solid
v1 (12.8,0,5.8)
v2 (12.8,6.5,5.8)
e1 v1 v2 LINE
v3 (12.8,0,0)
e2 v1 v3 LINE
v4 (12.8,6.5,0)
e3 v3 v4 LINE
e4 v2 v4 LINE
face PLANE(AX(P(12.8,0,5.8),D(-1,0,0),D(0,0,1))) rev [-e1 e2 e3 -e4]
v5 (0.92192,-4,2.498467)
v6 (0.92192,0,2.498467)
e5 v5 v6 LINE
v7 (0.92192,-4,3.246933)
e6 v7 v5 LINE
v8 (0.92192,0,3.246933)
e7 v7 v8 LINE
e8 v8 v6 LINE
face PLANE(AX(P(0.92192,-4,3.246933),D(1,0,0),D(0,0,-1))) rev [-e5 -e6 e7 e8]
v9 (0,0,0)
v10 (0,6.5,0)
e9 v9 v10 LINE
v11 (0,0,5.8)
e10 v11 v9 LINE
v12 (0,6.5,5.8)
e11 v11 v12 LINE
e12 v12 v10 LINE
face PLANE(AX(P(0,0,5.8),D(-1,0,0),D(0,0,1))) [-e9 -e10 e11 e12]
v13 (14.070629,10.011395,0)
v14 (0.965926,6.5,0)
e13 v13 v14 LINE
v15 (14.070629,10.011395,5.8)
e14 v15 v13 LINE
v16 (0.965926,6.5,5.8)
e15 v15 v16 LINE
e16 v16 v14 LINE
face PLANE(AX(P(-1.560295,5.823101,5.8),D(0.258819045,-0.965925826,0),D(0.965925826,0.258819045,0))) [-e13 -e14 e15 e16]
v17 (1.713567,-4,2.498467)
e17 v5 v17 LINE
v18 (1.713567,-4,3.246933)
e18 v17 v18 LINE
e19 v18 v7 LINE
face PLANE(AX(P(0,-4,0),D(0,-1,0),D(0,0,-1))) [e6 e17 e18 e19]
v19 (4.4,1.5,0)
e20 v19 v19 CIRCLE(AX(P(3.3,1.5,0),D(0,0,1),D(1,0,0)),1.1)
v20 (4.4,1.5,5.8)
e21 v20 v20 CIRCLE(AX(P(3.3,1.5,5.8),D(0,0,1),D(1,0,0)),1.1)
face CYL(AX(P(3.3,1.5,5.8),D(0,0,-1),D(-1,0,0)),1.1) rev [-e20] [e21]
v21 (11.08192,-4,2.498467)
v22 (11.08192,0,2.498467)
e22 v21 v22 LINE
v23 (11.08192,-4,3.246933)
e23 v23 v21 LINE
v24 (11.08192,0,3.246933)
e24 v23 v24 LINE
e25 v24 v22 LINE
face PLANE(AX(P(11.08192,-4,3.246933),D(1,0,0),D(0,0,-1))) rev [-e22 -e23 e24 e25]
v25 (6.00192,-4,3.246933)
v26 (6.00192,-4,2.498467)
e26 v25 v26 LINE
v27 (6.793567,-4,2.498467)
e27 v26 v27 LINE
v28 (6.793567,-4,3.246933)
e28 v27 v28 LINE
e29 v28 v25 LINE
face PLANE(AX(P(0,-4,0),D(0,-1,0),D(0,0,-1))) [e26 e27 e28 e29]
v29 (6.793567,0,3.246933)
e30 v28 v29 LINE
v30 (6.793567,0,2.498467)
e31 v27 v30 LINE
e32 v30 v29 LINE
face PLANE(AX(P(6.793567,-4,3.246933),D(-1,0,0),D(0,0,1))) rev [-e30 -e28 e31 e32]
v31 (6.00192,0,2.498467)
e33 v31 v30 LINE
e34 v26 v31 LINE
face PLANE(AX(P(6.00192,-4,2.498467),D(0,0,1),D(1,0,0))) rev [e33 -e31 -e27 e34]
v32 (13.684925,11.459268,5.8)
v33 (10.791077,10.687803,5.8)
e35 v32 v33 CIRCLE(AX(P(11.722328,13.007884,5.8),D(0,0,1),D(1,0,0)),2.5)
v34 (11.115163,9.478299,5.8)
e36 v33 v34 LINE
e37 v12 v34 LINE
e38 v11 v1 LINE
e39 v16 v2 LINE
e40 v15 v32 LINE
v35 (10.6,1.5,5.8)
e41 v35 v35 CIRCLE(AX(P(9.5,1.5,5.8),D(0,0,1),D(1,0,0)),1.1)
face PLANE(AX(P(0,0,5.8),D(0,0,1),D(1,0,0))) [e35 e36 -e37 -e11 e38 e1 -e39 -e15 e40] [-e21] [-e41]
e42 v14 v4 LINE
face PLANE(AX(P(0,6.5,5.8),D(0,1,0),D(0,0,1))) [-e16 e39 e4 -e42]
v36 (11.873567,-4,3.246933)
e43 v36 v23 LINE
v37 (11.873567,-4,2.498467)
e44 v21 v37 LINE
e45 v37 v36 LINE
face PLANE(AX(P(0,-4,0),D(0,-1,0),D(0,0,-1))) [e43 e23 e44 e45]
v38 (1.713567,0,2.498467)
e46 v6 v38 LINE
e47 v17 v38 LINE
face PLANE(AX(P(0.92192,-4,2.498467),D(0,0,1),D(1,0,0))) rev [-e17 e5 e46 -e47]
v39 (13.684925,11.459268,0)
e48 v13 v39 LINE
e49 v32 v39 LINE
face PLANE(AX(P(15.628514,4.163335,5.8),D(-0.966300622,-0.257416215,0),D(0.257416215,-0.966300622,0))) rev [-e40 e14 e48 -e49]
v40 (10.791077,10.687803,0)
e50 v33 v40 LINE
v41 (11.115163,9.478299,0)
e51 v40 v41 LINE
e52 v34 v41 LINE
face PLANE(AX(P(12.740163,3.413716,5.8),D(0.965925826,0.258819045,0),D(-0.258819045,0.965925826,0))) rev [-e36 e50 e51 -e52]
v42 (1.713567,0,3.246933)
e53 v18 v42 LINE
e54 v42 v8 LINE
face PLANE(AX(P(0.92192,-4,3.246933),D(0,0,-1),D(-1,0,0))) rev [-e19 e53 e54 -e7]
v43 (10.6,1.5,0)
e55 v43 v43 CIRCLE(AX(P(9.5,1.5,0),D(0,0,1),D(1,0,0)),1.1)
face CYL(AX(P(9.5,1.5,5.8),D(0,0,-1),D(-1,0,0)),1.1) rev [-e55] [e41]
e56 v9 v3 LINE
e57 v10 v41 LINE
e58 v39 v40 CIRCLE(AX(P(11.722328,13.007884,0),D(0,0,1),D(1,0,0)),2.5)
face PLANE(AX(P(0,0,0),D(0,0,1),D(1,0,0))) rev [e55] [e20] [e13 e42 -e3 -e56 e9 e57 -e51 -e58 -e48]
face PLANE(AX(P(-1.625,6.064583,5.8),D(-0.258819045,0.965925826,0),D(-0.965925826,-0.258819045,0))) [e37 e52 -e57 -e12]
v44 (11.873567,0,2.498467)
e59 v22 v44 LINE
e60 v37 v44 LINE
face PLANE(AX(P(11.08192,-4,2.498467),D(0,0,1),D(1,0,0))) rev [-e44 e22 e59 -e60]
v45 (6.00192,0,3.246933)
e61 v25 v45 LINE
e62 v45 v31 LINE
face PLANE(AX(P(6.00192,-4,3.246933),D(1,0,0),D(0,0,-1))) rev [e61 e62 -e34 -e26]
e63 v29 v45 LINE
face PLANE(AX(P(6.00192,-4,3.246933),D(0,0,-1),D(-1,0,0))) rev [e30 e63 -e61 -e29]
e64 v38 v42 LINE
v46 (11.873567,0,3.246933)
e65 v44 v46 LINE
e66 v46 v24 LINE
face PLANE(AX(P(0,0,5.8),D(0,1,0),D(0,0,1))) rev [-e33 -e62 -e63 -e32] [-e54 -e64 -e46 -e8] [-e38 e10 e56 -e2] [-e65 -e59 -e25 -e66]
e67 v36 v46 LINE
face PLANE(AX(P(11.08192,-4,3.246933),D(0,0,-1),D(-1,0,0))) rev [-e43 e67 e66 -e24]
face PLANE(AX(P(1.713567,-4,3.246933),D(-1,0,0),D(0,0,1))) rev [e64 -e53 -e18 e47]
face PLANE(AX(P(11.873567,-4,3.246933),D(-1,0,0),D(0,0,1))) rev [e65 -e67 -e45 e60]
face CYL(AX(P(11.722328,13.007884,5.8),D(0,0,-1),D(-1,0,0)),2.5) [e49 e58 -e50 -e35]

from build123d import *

# Parameters (mm, degrees)
SKETCH1_R           = 1.1
BOSS_EXTRUDE1_DEPTH = 5.8
SKETCH2_W           = 0.791647492
SKETCH2_H           = 0.74846672
BOSS_EXTRUDE2_DEPTH = 4


with BuildPart() as part:
    # Sketch1 → Boss-Extrude1 (new body)
    with BuildSketch(Plane.XY):
        with BuildLine():
            Line((0, 6.5), (11.115162843, 9.478298908))
            Line((11.115162843, 9.478298908), (10.79107709, 10.687803405))
            ThreePointArc((10.79107709, 10.687803405), (11.078349161, 15.423518447), (13.684925248, 11.459267786))
            Line((13.684925248, 11.459267786), (14.070629242, 10.011394697))
            Line((14.070629242, 10.011394697), (0.965925826, 6.5))
            Line((0.965925826, 6.5), (12.8, 6.5))
            Line((12.8, 6.5), (12.8, 0))
            Line((12.8, 0), (0, 0))
            Line((0, 0), (0, 6.5))
        make_face()
        with Locations((3.3, 1.5)):
            Circle(SKETCH1_R, mode=Mode.SUBTRACT)
        with Locations((9.5, 1.5)):
            Circle(SKETCH1_R, mode=Mode.SUBTRACT)
    extrude(amount=BOSS_EXTRUDE1_DEPTH)

    # Sketch2 → Boss-Extrude2 (add)
    with BuildSketch(Plane.XZ):
        with Locations((6.397743587, 2.872700046)):
            Rectangle(SKETCH2_W, SKETCH2_H)
        with Locations((1.317743587, 2.872700046)):
            Rectangle(SKETCH2_W, SKETCH2_H)
        with Locations((11.477743587, 2.872700046)):
            Rectangle(SKETCH2_W, SKETCH2_H)
    extrude(amount=BOSS_EXTRUDE2_DEPTH)


solid = part.part
